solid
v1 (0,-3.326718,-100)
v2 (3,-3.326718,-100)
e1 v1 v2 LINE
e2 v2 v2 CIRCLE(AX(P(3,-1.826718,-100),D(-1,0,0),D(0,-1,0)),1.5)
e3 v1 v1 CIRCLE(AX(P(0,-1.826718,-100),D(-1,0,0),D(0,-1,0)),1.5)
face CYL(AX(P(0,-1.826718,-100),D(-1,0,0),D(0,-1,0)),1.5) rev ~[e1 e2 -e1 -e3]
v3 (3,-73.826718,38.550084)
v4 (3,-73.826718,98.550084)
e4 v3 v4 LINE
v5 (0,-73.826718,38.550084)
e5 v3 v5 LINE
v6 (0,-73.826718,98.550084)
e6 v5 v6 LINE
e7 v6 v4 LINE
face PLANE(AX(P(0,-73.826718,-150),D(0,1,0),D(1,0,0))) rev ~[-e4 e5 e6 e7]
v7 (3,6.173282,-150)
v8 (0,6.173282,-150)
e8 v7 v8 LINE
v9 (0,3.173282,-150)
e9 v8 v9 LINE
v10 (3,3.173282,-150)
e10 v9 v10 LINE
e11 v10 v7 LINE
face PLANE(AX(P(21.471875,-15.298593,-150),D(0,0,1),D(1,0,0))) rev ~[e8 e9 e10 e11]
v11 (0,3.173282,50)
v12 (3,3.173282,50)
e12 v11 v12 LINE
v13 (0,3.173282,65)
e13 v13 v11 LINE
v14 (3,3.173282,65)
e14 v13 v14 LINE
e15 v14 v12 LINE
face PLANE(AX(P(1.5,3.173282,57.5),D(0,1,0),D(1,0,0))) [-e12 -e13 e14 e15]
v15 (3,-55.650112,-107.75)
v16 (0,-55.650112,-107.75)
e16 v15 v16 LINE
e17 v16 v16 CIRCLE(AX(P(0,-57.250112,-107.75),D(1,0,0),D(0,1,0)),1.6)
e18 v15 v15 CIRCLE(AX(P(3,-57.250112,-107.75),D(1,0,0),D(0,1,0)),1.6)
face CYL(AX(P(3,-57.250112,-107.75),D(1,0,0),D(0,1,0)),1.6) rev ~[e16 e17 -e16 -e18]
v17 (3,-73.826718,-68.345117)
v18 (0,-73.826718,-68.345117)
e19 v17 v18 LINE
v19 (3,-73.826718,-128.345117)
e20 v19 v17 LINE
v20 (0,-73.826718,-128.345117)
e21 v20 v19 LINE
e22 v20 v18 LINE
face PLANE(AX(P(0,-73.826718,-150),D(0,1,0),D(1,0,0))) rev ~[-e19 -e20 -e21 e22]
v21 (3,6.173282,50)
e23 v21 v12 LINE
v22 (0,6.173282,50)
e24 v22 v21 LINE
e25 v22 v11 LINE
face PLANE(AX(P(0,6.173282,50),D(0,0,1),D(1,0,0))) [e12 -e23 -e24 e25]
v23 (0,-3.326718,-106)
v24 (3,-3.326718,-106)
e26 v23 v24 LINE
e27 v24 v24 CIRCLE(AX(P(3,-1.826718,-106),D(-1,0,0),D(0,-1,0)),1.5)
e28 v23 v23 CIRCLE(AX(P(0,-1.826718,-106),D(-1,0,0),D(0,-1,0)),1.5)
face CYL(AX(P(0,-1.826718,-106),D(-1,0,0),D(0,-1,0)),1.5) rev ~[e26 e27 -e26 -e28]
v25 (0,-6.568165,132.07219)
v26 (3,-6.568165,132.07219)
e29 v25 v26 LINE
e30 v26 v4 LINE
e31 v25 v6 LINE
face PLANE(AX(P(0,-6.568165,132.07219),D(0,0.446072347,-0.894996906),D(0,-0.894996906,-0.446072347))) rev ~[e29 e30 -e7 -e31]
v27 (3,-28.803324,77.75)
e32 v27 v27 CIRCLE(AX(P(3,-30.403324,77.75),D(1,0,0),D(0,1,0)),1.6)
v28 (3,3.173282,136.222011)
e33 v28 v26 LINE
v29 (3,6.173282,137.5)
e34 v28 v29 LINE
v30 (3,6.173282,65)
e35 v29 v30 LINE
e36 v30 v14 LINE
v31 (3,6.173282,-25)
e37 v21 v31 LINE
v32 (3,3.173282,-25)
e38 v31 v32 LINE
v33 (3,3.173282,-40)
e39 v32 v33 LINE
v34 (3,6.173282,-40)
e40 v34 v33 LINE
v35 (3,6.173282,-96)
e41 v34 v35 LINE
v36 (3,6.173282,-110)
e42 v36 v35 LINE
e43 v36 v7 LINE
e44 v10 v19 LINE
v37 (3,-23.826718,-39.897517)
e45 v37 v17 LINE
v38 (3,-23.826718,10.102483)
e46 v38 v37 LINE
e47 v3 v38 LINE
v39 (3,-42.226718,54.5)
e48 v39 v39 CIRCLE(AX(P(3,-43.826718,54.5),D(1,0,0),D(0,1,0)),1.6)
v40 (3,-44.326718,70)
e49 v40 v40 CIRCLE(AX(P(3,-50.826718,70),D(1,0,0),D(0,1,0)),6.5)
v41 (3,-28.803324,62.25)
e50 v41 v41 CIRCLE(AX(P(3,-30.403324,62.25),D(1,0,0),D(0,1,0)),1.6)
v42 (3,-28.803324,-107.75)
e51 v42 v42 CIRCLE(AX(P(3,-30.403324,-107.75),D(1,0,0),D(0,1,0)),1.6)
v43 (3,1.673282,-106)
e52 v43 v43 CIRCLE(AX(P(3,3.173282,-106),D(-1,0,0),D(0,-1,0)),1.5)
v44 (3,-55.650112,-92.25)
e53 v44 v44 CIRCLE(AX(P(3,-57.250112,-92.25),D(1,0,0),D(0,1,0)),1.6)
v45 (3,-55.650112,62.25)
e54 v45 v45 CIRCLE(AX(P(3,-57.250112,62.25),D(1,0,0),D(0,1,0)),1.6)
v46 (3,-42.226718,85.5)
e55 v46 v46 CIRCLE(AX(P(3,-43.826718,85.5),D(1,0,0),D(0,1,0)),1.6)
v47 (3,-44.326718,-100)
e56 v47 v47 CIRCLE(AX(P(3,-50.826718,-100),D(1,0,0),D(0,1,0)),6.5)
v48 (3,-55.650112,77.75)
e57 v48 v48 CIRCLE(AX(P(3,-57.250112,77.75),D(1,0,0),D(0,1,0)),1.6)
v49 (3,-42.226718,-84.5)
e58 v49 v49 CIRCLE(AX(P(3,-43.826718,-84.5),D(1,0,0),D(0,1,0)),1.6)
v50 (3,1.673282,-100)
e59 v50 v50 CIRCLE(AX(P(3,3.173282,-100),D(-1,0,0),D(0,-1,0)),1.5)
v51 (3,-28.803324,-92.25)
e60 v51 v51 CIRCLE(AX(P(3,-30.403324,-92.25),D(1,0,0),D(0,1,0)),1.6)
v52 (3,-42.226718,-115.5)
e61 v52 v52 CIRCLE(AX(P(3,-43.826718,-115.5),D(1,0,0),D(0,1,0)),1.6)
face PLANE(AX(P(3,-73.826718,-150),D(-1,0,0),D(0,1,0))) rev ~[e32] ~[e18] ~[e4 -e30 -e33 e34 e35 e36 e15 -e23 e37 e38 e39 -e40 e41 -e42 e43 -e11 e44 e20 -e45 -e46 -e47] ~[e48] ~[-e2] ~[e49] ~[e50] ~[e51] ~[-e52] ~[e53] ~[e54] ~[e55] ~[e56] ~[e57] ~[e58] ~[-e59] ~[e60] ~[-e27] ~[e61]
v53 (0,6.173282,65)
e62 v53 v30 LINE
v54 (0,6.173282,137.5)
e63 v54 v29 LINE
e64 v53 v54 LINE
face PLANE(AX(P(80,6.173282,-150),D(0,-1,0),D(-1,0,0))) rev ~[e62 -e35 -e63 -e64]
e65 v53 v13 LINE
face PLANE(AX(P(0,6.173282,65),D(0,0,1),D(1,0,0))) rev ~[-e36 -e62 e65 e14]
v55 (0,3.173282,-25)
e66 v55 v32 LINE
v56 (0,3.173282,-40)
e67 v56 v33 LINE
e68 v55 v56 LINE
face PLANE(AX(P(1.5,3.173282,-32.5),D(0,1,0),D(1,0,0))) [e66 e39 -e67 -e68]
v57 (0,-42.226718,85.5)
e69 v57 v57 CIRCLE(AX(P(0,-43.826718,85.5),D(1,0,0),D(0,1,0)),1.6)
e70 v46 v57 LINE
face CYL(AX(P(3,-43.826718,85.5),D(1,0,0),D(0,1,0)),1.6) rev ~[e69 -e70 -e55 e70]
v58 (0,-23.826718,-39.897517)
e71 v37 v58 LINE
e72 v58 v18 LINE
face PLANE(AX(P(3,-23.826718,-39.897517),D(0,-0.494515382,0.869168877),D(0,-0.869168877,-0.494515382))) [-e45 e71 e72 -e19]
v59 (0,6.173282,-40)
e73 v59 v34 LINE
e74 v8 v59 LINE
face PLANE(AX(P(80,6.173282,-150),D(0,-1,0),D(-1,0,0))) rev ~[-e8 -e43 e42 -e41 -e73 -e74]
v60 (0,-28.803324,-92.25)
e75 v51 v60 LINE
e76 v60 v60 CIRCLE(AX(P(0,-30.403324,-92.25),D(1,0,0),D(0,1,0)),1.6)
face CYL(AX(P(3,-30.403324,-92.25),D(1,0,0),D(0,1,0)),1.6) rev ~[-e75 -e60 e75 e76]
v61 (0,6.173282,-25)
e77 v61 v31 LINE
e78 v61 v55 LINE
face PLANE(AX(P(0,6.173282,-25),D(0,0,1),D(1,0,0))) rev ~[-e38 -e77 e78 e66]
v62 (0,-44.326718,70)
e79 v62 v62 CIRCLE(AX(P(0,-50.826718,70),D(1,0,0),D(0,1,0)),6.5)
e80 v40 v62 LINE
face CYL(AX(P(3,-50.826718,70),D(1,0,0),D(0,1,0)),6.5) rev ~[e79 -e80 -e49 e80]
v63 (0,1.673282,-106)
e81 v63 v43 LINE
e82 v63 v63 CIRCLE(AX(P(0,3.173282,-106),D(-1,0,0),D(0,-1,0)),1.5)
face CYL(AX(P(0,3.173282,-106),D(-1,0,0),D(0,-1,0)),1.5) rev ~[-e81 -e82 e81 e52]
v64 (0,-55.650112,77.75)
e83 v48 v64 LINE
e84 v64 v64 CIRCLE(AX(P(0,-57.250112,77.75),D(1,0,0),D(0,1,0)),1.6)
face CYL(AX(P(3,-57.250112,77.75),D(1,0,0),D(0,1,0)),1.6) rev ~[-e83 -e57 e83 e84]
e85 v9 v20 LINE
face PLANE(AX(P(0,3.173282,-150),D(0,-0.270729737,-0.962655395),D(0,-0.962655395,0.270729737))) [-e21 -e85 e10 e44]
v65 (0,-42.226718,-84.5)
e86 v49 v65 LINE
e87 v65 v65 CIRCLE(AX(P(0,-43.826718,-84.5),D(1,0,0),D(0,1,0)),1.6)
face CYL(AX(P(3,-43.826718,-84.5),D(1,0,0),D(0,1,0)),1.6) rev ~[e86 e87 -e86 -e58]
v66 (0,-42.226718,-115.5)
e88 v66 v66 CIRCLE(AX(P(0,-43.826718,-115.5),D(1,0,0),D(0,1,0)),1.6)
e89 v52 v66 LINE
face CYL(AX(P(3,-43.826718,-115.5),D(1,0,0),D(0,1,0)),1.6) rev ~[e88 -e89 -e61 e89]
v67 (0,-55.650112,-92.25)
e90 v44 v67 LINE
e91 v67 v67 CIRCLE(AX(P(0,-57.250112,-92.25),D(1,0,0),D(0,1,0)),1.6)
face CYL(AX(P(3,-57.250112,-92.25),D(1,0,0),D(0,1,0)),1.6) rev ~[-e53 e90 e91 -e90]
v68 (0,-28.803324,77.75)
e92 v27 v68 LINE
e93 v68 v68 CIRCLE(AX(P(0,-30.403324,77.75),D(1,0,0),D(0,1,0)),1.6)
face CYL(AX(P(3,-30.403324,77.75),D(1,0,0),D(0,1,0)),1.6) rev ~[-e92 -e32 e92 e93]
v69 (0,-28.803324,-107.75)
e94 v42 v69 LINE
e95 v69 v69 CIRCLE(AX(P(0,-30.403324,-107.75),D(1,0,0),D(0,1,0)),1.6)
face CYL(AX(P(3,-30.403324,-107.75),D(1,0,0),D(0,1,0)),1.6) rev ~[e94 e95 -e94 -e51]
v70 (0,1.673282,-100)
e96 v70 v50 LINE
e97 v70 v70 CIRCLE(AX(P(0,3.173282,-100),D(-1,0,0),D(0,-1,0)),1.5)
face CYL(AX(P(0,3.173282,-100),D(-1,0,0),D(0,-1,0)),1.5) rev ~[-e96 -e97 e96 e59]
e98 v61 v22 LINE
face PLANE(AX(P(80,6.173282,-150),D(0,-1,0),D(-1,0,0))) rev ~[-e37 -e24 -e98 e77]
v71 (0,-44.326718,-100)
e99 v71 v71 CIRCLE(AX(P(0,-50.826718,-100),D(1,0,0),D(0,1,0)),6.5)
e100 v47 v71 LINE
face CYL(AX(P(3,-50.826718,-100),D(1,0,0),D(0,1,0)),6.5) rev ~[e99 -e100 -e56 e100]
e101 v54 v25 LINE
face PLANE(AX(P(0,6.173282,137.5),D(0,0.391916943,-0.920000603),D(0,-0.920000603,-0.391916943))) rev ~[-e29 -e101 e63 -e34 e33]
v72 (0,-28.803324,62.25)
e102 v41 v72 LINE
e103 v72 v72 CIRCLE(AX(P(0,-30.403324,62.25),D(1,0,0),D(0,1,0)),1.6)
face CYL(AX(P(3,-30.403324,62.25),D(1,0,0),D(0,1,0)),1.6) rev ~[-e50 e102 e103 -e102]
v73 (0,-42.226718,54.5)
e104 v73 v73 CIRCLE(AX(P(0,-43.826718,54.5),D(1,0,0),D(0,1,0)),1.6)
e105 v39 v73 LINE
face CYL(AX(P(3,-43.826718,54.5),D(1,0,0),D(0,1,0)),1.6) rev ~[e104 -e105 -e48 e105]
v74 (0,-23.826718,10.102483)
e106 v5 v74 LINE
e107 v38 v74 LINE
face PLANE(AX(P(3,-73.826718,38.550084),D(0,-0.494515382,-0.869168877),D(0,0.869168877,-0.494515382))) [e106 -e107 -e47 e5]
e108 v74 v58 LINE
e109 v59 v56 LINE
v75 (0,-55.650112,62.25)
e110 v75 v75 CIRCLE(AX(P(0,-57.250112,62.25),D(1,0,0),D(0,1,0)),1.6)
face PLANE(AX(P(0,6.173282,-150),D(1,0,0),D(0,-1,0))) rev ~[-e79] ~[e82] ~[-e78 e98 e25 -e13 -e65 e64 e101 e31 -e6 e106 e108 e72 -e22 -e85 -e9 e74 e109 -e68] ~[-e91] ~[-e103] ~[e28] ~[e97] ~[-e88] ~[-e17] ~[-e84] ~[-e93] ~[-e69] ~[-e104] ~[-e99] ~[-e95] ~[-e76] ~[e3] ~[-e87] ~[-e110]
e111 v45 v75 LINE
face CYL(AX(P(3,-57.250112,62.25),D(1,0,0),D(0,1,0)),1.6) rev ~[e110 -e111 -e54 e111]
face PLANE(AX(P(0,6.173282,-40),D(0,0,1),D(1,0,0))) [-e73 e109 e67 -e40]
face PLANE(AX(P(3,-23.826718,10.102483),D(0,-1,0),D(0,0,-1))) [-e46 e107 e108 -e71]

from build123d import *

# Parameters (mm, degrees)
EXTRUDE_1_DEPTH           = 150
EXTRUDE_1_DEPTH_BACK      = 150
SKETCH_4_R                = 2.5
CUT_EXTRUDE_4_DEPTH       = 3
SKETCH_5_W                = 52
SKETCH_5_H                = 100
CUT_EXTRUDE_5_DEPTH       = 3
SKETCH_7_R                = 1.6
SKETCH_7_R_2              = 6.5
CUT_EXTRUDE_9_DEPTH       = 185.063533313
SKETCH_6_W                = 40
SKETCH_6_H                = 200
CUT_EXTRUDE_10_DEPTH      = 10
CUT_EXTRUDE_12_DEPTH      = 4
SKETCH_12_W               = 34
SKETCH_12_H               = 110
CUT_EXTRUDE_13_DEPTH      = 4
SKETCH_14_W               = 4.2
SKETCH_14_H               = 14
CUT_EXTRUDE_14_DEPTH      = 10
SKETCH_15_R               = 2
CUT_EXTRUDE_15_DEPTH      = 26
SKETCH_17_R               = 1.5
CUT_EXTRUDE_19_DEPTH      = 10
CUT_EXTRUDE_20_DEPTH      = 10
CUT_EXTRUDE_21_DEPTH      = 31
SKETCH_22_R               = 1.5
CUT_EXTRUDE_22_DEPTH      = 31
SKETCH_23_W               = 12
SKETCH_23_H               = 87.5
EXTRUDE_3_DEPTH           = 3
CUT_EXTRUDE_23_DEPTH      = 18
CUT_EXTRUDE_24_DEPTH      = 13
CUT_EXTRUDE_24_DEPTH_BACK = 4
SKETCH_25_R               = 1.5
SKETCH_26_R               = 2
CUT_EXTRUDE_25_DEPTH      = 10
SKETCH_27_R               = 1.5
CUT_EXTRUDE_26_DEPTH      = 10
CUT_EXTRUDE_29_DEPTH      = 10
SKETCH_32_W               = 44.628479445
SKETCH_32_H               = 8.012675998
CUT_EXTRUDE_30_DEPTH      = 345
SKETCH_33_W               = 3
SKETCH_33_H               = 15
CUT_EXTRUDE_31_DEPTH      = 3


with BuildPart() as part:
    # 草图1 → 凸台-拉伸1 (new, two sides: drawn at the far end of the back side and taken through both)
    with BuildSketch(Plane.XY.offset(-EXTRUDE_1_DEPTH_BACK)):
        Polygon((0, 4.173281966), (0, -73.826718034), (3, -73.826718034), (3, 1.173281966), (3, 3.173281966), (5, 3.173281966), (80, 3.173281966), (80, 6.173281966), (2, 6.173281966), (0, 6.173281966), align=None)
    extrude(amount=EXTRUDE_1_DEPTH + EXTRUDE_1_DEPTH_BACK)

    # 草图4 → 切除-拉伸4 (cut)
    with BuildSketch(Plane(origin=(0, 6.173281966, 0), x_dir=(1, 0, 0), z_dir=(0, 1, 0))):
        with Locations((11.5, -72.5)):
            Circle(SKETCH_4_R)
        with Locations((11.5, -127.5)):
            Circle(SKETCH_4_R)
    extrude(amount=-CUT_EXTRUDE_4_DEPTH, mode=Mode.SUBTRACT)

    # 草图5 → 切除-拉伸5 (cut)
    with BuildSketch(Plane(origin=(0, 6.173281966, 0), x_dir=(1, 0, 0), z_dir=(0, 1, 0))):
        with Locations((54, -100)):
            Rectangle(SKETCH_5_W, SKETCH_5_H)
    extrude(amount=-CUT_EXTRUDE_5_DEPTH, mode=Mode.SUBTRACT)

    # 草图7 → 切除-拉伸9 (cut, through all)
    with BuildSketch(Plane(origin=(3, 0, 0), x_dir=(0, 0, -1), z_dir=(1, 0, 0))):
        with Locations((84.5, -43.826718034)):
            Circle(SKETCH_7_R)
        with Locations((92.25, -57.250111793)):
            Circle(SKETCH_7_R)
        with Locations((107.75, -57.250111793)):
            Circle(SKETCH_7_R)
        with Locations((115.5, -43.826718034)):
            Circle(SKETCH_7_R)
        with Locations((107.75, -30.403324275)):
            Circle(SKETCH_7_R)
        with Locations((92.25, -30.403324275)):
            Circle(SKETCH_7_R)
        with Locations((-54.5, -43.826718034)):
            Circle(SKETCH_7_R)
        with Locations((-62.25, -57.250111793)):
            Circle(SKETCH_7_R)
        with Locations((-77.75, -57.250111793)):
            Circle(SKETCH_7_R)
        with Locations((-85.5, -43.826718034)):
            Circle(SKETCH_7_R)
        with Locations((-77.75, -30.403324275)):
            Circle(SKETCH_7_R)
        with Locations((-62.25, -30.403324275)):
            Circle(SKETCH_7_R)
        with Locations((-70, -50.826718034)):
            Circle(SKETCH_7_R_2)
        with Locations((100, -50.826718034)):
            Circle(SKETCH_7_R_2)
    extrude(amount=-CUT_EXTRUDE_9_DEPTH, mode=Mode.SUBTRACT)

    # 草图6 → 切除-拉伸10 (cut)
    with BuildSketch(Plane(origin=(0, 6.173281966, 0), x_dir=(1, 0, 0), z_dir=(0, 1, 0))):
        with Locations((60, 50)):
            Rectangle(SKETCH_6_W, SKETCH_6_H)
    extrude(amount=-CUT_EXTRUDE_10_DEPTH, mode=Mode.SUBTRACT)

    # 草图11 → 切除-拉伸12 (cut)
    with BuildSketch(Plane.ZY):
        Polygon((-128.345117246, -73.826718034), (-150, -73.826718034), (-150, 3.173281966), align=None)
    extrude(amount=-CUT_EXTRUDE_12_DEPTH, mode=Mode.SUBTRACT)

    # 草图12 → 切除-拉伸13 (cut)
    with BuildSketch(Plane(origin=(0, 6.173281966, 0), x_dir=(1, 0, 0), z_dir=(0, 1, 0))):
        with Locations((23, 95)):
            Rectangle(SKETCH_12_W, SKETCH_12_H)
    extrude(amount=-CUT_EXTRUDE_13_DEPTH, mode=Mode.SUBTRACT)

    # 草图14 → 切除-拉伸14 (cut)
    with BuildSketch(Plane.XZ.offset(-3.173281966)):
        with Locations((5.1, -103)):
            Rectangle(SKETCH_14_W, SKETCH_14_H)
    extrude(amount=-CUT_EXTRUDE_14_DEPTH, mode=Mode.SUBTRACT)

    # 草图15 → 切除-拉伸15 (cut)
    with BuildSketch(Plane(origin=(0, 6.173281966, 0), x_dir=(1, 0, 0), z_dir=(0, 1, 0))):
        with Locations((32, -4.5)):
            Circle(SKETCH_15_R)
    extrude(amount=-CUT_EXTRUDE_15_DEPTH, mode=Mode.SUBTRACT)

    # 草图17 → 切除-拉伸19 (cut)
    with BuildSketch(Plane.XZ.offset(-3.173281966)):
        with Locations((23.690733746, 113.5)):
            Circle(SKETCH_17_R)
    extrude(amount=-CUT_EXTRUDE_19_DEPTH, mode=Mode.SUBTRACT)

    # 草图18 → 切除-拉伸20 (cut)
    with BuildSketch(Plane.ZY):
        Polygon((150, -73.826718034), (118.550084008, -73.826718034), (150, 0), align=None)
    extrude(amount=-CUT_EXTRUDE_20_DEPTH, mode=Mode.SUBTRACT)

    # 草图21 → 切除-拉伸21 (cut)
    with BuildSketch(Plane.ZY):
        Polygon((118.550084008, -73.826718034), (150, 0), (150, 6.173281966), (137.5, 6.173281966), (132.072189672, -6.568164552), (98.550084008, -73.826718034), align=None)
    extrude(amount=-CUT_EXTRUDE_21_DEPTH, mode=Mode.SUBTRACT)

    # 草图22 → 切除-拉伸22 (cut)
    with BuildSketch(Plane.ZY):
        with Locations((-106, 3.173281966)):
            Circle(SKETCH_22_R)
        with Locations((-100, 3.173281966)):
            Circle(SKETCH_22_R)
        with Locations((-106, -1.826718034)):
            Circle(SKETCH_22_R)
        with Locations((-100, -1.826718034)):
            Circle(SKETCH_22_R)
    extrude(amount=-CUT_EXTRUDE_22_DEPTH, mode=Mode.SUBTRACT)

    # 草图23 → 凸台-拉伸3 (add)
    with BuildSketch(Plane(origin=(0, 6.173281966, 0), x_dir=(1, 0, 0), z_dir=(0, 1, 0))):
        with Locations((34, -93.75)):
            Rectangle(SKETCH_23_W, SKETCH_23_H)
    extrude(amount=-EXTRUDE_3_DEPTH)

    # 草图24 → 切除-拉伸23 (cut)
    with BuildSketch(Plane.ZY.offset(-28)):
        Polygon((137.5, 6.173281966), (137.5, 3.173281966), (136.222010805, 3.173281966), align=None)
    extrude(amount=-CUT_EXTRUDE_23_DEPTH, mode=Mode.SUBTRACT)

    # 草图25 → 切除-拉伸24 (cut, two sides: drawn at the far end of the back side and taken through both)
    with BuildSketch(Plane(origin=(0, 6.173281966, 0), x_dir=(1, 0, 0), z_dir=(0, 1, 0)).offset(-CUT_EXTRUDE_24_DEPTH_BACK)):
        with Locations((32, -61)):
            Circle(SKETCH_25_R)
    extrude(amount=CUT_EXTRUDE_24_DEPTH + CUT_EXTRUDE_24_DEPTH_BACK, mode=Mode.SUBTRACT)

    # 草图26 → 切除-拉伸25 (cut)
    with BuildSketch(Plane.XZ.offset(-3.173281966)):
        with Locations((32, -25.5)):
            Circle(SKETCH_26_R)
    extrude(amount=-CUT_EXTRUDE_25_DEPTH, mode=Mode.SUBTRACT)

    # 草图27 → 切除-拉伸26 (cut)
    with BuildSketch(Plane.XZ.offset(-3.173281966)):
        with Locations((23.690733746, 123.5)):
            Circle(SKETCH_27_R)
    extrude(amount=-CUT_EXTRUDE_26_DEPTH, mode=Mode.SUBTRACT)

    # 草图31 → 切除-拉伸29 (cut)
    with BuildSketch(Plane(origin=(3, 0, 0), x_dir=(0, 0, -1), z_dir=(1, 0, 0))):
        Polygon((-38.550084008, -73.826718034), (-10.102483381, -23.826718034), (39.897516619, -23.826718034), (68.345117246, -73.826718034), align=None)
    extrude(amount=-CUT_EXTRUDE_29_DEPTH, mode=Mode.SUBTRACT)

    # 草图32 → 切除-拉伸30 (cut)
    with BuildSketch(Plane(origin=(0, 0, -150), x_dir=(-1, 0, 0), z_dir=(0, 0, -1))):
        with Locations((-25.314239723, 7.179619965)):
            Rectangle(SKETCH_32_W, SKETCH_32_H)
    extrude(amount=-CUT_EXTRUDE_30_DEPTH, mode=Mode.SUBTRACT)

    # 草图33 → 切除-拉伸31 (cut)
    with BuildSketch(Plane(origin=(0, 6.173281966, 0), x_dir=(1, 0, 0), z_dir=(0, 1, 0))):
        with Locations((1.5, 32.5)):
            Rectangle(SKETCH_33_W, SKETCH_33_H)
        with Locations((1.5, -57.5)):
            Rectangle(SKETCH_33_W, SKETCH_33_H)
    extrude(amount=-CUT_EXTRUDE_31_DEPTH, mode=Mode.SUBTRACT)


solid = part.part
